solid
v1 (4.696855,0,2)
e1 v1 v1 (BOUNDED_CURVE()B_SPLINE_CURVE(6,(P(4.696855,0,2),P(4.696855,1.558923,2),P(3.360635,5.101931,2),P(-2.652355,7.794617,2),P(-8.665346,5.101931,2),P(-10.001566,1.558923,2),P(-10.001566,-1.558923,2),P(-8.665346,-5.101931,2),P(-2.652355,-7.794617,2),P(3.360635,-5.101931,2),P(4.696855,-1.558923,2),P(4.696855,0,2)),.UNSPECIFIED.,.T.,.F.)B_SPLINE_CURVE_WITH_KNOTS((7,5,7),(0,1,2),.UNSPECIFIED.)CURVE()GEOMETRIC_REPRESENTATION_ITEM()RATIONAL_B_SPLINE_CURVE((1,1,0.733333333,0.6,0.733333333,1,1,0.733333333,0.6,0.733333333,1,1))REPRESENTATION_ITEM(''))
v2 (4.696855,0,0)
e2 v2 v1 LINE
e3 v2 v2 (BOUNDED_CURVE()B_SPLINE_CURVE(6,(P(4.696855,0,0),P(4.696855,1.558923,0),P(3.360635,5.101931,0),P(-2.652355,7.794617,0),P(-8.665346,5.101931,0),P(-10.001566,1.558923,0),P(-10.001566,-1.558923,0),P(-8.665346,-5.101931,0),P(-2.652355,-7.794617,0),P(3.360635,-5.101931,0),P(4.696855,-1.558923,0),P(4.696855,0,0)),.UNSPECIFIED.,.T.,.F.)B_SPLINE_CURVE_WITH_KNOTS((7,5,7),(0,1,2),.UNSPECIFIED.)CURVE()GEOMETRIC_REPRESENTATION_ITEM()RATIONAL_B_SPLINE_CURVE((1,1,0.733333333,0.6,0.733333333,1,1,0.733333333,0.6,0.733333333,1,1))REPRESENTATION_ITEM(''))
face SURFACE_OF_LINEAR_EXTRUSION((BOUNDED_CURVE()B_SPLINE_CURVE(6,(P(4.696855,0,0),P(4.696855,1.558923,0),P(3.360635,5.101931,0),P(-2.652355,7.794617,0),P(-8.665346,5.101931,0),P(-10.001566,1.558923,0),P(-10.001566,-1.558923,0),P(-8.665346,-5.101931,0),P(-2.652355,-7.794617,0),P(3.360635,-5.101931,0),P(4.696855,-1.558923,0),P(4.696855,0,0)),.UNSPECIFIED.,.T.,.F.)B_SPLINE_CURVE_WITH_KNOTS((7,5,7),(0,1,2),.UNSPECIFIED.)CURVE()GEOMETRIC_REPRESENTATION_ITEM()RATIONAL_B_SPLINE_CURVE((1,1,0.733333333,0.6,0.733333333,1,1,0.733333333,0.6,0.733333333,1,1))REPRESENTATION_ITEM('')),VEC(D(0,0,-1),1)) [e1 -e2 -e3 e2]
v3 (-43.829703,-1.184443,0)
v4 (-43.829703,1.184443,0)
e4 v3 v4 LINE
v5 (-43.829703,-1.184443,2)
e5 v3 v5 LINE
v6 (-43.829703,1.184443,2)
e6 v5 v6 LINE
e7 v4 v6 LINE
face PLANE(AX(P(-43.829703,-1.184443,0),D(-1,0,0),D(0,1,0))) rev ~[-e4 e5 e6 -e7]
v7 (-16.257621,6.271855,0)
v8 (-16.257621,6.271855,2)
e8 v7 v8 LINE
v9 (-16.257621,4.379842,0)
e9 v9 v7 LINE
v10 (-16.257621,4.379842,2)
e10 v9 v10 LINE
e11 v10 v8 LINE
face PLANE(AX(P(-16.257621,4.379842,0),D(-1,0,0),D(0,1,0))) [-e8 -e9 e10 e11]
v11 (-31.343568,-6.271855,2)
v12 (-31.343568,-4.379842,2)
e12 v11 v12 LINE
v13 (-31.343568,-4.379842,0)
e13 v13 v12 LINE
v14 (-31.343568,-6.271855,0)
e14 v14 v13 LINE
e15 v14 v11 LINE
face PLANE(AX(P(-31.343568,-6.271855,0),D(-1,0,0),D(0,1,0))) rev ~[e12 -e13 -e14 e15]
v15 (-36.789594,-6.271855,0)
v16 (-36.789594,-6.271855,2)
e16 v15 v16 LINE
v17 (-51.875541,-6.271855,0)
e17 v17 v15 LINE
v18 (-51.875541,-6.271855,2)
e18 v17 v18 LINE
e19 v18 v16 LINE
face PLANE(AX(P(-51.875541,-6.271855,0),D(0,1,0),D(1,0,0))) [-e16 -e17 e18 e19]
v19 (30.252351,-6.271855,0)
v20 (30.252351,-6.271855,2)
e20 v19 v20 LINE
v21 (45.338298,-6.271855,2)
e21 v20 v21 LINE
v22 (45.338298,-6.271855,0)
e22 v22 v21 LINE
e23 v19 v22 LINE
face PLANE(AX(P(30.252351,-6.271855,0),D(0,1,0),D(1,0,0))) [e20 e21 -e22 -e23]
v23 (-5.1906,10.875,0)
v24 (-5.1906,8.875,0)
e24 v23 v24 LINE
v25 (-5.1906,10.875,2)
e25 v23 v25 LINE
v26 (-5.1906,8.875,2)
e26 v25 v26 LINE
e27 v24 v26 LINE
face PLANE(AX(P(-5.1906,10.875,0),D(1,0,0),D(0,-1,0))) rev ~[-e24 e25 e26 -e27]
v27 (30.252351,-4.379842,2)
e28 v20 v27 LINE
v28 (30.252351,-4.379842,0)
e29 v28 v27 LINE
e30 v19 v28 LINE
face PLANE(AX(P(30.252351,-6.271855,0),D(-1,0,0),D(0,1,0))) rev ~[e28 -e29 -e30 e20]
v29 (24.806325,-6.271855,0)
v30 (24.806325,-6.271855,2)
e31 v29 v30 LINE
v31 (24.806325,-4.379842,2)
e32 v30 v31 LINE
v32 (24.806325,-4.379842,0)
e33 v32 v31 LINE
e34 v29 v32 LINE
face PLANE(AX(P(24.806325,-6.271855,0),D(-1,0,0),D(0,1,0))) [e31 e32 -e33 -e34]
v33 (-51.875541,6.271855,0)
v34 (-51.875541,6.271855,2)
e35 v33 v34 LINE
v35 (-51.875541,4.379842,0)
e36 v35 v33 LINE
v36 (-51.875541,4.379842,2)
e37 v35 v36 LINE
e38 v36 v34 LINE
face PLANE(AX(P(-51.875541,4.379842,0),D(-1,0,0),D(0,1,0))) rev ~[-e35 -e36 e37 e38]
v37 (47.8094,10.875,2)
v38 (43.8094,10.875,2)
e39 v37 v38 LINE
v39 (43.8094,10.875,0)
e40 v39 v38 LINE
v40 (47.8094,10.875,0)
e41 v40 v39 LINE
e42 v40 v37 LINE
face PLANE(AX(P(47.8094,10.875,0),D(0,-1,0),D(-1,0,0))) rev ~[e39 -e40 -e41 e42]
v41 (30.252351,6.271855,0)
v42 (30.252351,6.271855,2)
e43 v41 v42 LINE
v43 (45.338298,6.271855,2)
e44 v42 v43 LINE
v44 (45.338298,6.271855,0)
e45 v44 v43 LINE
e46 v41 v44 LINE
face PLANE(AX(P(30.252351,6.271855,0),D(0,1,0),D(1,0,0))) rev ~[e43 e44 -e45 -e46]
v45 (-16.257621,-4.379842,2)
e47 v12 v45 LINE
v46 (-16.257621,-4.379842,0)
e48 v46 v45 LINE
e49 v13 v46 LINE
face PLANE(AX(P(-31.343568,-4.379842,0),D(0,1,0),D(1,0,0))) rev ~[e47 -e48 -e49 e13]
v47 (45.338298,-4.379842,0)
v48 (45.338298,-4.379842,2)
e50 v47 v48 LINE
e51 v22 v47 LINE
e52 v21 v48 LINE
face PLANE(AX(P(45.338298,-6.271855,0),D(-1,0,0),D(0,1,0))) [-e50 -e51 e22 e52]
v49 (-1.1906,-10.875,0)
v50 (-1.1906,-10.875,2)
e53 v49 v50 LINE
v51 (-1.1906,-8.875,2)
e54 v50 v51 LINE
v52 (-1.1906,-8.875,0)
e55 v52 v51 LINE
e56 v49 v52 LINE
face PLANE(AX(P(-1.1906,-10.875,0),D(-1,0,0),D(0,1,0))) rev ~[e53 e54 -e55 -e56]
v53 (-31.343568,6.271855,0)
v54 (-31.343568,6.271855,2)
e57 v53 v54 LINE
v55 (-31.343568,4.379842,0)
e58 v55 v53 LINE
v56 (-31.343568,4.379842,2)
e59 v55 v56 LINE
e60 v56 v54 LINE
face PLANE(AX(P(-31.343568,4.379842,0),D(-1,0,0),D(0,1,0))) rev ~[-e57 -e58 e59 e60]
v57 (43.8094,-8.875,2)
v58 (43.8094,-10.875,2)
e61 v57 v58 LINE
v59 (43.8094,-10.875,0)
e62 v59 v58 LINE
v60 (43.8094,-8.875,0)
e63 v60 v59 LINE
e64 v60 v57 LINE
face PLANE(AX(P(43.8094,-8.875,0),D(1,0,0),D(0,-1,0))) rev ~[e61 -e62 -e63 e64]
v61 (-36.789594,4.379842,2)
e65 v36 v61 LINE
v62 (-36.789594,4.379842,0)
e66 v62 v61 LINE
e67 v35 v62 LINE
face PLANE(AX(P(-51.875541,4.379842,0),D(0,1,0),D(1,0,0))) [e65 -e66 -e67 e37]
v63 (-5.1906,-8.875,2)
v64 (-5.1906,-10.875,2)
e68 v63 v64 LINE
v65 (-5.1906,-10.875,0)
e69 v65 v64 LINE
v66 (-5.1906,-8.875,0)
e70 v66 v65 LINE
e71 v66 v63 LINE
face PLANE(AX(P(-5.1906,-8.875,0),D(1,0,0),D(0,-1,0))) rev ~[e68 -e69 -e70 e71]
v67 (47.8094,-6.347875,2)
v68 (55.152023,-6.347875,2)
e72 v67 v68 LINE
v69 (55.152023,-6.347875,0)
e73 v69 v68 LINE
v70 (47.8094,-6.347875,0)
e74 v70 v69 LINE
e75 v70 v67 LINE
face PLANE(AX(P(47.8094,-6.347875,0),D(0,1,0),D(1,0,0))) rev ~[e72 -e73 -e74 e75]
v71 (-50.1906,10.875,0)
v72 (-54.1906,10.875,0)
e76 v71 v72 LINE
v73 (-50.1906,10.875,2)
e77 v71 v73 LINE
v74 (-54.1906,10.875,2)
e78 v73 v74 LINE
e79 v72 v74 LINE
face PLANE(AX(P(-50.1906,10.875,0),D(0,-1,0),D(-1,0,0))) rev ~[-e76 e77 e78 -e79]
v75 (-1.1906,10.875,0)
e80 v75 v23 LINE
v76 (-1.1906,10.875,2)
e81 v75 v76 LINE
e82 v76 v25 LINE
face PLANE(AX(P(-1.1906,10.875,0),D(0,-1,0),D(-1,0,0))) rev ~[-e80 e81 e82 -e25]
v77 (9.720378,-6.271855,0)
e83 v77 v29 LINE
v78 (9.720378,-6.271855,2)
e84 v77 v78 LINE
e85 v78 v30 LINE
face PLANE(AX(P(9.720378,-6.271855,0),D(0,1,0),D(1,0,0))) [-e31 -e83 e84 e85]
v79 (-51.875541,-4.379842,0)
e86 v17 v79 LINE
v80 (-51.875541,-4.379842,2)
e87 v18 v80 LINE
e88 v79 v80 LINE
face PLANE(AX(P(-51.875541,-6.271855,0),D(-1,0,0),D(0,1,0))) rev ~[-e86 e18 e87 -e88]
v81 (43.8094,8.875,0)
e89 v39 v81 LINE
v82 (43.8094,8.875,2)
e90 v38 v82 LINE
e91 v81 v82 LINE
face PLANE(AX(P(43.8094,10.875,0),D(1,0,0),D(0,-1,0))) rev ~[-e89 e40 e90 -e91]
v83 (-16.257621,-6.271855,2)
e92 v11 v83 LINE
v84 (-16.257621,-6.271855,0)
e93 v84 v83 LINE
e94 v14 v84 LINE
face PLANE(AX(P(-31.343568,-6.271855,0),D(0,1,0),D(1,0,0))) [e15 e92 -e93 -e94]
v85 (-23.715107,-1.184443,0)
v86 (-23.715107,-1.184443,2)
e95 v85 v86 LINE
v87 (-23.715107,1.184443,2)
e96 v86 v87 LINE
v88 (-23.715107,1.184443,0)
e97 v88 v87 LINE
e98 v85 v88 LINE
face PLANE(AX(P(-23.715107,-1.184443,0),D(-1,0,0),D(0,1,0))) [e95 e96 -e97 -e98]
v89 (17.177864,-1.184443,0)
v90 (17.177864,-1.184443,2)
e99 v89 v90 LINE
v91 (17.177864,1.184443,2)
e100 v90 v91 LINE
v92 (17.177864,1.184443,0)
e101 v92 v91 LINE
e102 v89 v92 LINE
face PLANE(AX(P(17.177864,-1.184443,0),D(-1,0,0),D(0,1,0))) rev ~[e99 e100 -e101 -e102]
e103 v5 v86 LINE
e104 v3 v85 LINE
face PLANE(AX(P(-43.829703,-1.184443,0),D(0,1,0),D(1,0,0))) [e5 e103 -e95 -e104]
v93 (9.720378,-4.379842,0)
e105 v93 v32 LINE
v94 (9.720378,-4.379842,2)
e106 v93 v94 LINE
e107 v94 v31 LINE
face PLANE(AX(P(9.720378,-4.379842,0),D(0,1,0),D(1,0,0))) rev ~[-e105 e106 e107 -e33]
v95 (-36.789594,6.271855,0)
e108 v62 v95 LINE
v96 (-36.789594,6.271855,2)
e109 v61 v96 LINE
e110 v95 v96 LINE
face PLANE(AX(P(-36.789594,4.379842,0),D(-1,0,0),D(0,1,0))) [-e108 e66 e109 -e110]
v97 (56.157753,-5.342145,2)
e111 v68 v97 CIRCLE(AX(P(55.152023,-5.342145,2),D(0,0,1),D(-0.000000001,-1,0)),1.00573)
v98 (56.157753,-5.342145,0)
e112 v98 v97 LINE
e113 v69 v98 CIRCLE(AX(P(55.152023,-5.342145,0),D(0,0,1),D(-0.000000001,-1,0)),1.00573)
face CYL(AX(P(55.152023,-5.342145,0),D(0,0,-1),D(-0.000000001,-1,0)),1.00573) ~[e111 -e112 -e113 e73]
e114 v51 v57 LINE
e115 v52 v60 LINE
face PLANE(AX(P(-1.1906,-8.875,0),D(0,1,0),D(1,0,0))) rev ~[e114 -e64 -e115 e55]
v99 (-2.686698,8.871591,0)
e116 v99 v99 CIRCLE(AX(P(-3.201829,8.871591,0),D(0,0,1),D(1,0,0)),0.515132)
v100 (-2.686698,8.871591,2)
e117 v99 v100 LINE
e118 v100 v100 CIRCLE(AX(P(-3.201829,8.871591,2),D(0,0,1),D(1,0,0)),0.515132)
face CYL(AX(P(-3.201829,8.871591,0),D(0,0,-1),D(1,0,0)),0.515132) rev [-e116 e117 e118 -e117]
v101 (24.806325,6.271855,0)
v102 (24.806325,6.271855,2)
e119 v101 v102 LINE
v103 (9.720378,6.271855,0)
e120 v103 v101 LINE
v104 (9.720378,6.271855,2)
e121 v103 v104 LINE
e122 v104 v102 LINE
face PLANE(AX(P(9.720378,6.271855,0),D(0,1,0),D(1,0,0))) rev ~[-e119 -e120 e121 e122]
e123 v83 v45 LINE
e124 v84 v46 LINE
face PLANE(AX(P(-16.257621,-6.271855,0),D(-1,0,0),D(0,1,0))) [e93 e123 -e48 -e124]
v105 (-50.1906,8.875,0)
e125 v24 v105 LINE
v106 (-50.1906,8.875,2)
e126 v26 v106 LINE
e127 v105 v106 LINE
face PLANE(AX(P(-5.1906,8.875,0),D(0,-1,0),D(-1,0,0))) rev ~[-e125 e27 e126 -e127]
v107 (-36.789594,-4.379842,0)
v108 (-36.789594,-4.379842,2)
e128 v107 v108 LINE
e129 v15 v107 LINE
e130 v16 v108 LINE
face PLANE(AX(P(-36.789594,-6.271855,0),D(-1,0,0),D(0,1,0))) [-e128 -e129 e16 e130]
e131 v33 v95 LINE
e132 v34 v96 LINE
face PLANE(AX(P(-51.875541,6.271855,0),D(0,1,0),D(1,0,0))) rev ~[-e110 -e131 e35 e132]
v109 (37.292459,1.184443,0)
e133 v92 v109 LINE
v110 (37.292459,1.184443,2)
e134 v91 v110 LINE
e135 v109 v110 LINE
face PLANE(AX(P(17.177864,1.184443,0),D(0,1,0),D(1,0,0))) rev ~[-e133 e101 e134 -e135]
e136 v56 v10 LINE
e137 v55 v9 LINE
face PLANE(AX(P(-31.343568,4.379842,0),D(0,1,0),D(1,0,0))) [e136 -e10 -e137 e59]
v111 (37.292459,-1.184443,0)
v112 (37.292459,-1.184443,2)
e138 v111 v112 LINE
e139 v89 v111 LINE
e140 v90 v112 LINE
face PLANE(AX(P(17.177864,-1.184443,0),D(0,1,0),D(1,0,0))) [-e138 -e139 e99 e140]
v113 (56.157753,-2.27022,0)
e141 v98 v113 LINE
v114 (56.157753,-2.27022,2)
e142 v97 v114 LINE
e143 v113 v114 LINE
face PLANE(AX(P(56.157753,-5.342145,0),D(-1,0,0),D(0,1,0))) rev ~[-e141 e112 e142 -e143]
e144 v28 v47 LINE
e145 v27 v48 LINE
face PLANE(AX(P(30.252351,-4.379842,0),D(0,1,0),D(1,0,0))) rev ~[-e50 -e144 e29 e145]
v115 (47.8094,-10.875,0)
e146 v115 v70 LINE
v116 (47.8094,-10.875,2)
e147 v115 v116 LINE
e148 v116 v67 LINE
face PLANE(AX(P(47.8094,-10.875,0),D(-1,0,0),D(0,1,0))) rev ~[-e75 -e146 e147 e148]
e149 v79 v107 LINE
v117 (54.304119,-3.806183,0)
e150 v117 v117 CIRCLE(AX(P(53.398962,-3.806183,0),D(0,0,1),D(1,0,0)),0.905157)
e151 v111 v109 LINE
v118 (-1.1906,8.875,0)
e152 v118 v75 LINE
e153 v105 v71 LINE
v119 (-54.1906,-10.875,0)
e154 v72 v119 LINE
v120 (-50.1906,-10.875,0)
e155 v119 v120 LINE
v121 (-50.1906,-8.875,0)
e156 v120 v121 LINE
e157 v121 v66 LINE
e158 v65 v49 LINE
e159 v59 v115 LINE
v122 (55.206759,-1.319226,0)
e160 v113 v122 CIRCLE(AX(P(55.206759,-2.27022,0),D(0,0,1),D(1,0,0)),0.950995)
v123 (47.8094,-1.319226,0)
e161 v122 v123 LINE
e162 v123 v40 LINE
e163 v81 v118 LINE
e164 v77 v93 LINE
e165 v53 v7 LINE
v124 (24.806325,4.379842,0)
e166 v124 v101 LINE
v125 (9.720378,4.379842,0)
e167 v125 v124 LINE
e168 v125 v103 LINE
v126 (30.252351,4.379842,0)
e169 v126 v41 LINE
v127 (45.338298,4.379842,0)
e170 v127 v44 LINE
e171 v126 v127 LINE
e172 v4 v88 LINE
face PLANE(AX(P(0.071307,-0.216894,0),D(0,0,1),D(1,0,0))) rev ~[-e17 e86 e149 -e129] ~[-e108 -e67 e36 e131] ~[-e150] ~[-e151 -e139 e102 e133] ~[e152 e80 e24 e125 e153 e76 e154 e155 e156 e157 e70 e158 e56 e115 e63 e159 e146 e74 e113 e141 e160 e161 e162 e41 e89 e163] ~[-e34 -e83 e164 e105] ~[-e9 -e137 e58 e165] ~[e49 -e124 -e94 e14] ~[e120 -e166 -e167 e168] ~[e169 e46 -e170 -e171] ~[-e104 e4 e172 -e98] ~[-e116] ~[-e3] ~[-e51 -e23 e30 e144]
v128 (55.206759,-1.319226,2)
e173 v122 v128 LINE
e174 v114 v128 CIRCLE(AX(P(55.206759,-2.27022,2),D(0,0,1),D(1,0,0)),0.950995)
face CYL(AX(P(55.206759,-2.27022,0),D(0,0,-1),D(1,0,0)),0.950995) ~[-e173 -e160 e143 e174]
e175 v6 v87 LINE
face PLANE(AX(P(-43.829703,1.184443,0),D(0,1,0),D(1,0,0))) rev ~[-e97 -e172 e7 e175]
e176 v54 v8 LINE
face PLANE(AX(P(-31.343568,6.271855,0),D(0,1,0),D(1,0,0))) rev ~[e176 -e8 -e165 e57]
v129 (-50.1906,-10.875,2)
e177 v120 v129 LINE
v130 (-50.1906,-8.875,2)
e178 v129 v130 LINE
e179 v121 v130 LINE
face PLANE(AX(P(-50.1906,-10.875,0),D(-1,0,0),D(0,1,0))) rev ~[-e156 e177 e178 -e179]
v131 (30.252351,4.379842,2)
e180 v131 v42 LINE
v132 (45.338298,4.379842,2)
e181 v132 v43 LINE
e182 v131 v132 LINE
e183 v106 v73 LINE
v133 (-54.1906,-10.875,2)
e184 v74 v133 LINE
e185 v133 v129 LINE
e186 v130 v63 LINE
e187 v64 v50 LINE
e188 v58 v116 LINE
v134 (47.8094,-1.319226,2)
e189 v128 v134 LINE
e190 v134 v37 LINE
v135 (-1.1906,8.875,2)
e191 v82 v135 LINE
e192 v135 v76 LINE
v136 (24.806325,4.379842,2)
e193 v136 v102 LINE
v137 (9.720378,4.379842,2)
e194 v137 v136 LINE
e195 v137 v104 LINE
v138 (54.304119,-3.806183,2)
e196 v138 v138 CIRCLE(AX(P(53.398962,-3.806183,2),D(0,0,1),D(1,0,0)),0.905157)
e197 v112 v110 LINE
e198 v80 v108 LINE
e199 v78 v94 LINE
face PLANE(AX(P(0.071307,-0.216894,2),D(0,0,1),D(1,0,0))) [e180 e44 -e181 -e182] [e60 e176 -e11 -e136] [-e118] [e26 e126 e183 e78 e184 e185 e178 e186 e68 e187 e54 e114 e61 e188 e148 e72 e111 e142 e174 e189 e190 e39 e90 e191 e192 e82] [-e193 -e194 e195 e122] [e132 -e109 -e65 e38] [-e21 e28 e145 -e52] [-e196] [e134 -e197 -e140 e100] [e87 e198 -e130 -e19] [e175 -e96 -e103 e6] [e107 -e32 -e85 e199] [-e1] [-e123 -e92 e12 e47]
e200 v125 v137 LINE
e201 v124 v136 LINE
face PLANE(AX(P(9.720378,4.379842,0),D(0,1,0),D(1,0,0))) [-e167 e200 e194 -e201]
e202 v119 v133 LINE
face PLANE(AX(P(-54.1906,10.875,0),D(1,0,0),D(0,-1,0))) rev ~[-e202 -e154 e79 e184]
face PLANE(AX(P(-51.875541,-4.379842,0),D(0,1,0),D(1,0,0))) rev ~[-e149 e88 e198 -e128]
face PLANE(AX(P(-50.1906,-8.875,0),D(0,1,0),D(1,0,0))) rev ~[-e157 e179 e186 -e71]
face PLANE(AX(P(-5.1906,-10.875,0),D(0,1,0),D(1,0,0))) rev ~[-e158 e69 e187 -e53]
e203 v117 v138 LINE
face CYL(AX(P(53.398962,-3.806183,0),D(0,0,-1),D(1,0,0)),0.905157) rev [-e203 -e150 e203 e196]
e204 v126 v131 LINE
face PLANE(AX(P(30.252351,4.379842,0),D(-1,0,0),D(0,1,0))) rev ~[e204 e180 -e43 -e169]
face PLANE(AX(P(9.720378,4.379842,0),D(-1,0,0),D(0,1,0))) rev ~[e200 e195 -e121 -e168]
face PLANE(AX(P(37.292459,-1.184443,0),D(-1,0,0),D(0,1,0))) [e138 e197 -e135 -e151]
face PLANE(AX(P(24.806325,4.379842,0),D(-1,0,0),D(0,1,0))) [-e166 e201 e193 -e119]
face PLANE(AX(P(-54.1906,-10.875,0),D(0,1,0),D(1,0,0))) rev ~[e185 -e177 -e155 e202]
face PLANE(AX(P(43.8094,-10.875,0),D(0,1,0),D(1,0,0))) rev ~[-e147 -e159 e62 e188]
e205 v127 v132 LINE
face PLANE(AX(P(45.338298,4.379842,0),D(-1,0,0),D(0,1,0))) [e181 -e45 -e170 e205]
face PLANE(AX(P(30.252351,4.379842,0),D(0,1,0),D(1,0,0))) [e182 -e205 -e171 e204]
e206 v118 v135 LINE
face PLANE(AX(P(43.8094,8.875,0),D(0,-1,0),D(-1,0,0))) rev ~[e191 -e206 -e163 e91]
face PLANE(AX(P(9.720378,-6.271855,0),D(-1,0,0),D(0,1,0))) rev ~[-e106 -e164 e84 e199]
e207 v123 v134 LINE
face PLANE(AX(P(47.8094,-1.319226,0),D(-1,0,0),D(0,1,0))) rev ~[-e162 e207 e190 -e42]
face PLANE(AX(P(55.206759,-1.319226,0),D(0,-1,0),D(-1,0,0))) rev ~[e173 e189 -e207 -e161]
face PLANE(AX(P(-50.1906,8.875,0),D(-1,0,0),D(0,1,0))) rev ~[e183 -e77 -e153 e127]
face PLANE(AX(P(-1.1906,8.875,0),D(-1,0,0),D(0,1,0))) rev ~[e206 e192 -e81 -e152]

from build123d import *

# Parameters (mm, degrees)
SKETCH_1_R      = 0.515131583
SKETCH_1_R_2    = 0.905156807
SKETCH_1_W      = 20.114595703
SKETCH_1_H      = 2.368886762
SKETCH_1_W_2    = 15.085946791
SKETCH_1_H_2    = 1.892012434
SKETCH_1_W_3    = 15.085946792
SKETCH_1_W_4    = 20.114595731
EXTRUDE_1_DEPTH = 2


with BuildPart() as part:
    # 草图1 → 凸台-拉伸1 (new body)
    with BuildSketch(Plane.XY):
        with BuildLine():
            Line((-50.190600039, 8.875), (-50.190600039, 10.875))
            Line((-50.190600039, 10.875), (-54.190600039, 10.875))
            Line((-54.190600039, 10.875), (-54.190600039, -10.875))
            Line((-54.190600039, -10.875), (-50.190600039, -10.875))
            Line((-50.190600039, -10.875), (-50.190600039, -8.875))
            Line((-50.190600039, -8.875), (-5.190600039, -8.875))
            Line((-5.190600039, -8.875), (-5.190600039, -10.875))
            Line((-5.190600039, -10.875), (-1.190600039, -10.875))
            Line((-1.190600039, -10.875), (-1.190600039, -8.875))
            Line((-1.190600039, -8.875), (43.809399961, -8.875))
            Line((43.809399961, -8.875), (43.809399961, -10.875))
            Line((43.809399961, -10.875), (47.809399961, -10.875))
            Line((47.809399961, -10.875), (47.809399961, -6.347874739))
            Line((47.809399961, -6.347874739), (55.152023354, -6.347874739))
            ThreePointArc((55.152023354, -6.347874739), (55.863181706, -6.053303305), (56.15775314, -5.342144953))
            Line((56.15775314, -5.342144953), (56.15775314, -2.27022032))
            ThreePointArc((56.15775314, -2.27022032), (55.879213296, -1.597765651), (55.206758627, -1.319225807))
            Line((55.206758627, -1.319225807), (47.809399961, -1.319225807))
            Line((47.809399961, -1.319225807), (47.809399961, 10.875))
            Line((47.809399961, 10.875), (43.809399961, 10.875))
            Line((43.809399961, 10.875), (43.809399961, 8.875))
            Line((43.809399961, 8.875), (-1.190600039, 8.875))
            Line((-1.190600039, 8.875), (-1.190600039, 10.875))
            Line((-1.190600039, 10.875), (-5.190600039, 10.875))
            Line((-5.190600039, 10.875), (-5.190600039, 8.875))
            Line((-5.190600039, 8.875), (-50.190600039, 8.875))
        make_face()
        with Locations((-3.201829172, 8.8715913)):
            Circle(SKETCH_1_R, mode=Mode.SUBTRACT)
        with Locations((53.398961702, -3.806182637)):
            Circle(SKETCH_1_R_2, mode=Mode.SUBTRACT)
        with Locations((27.235161442, 0)):
            Rectangle(SKETCH_1_W, SKETCH_1_H, mode=Mode.SUBTRACT)
        with Locations((37.795324202, -5.325848376)):
            Rectangle(SKETCH_1_W_2, SKETCH_1_H_2, mode=Mode.SUBTRACT)
        with Locations((17.263351195, -5.325848376)):
            Rectangle(SKETCH_1_W_3, SKETCH_1_H_2, mode=Mode.SUBTRACT)
        with Locations((-23.800594817, -5.325848376)):
            Rectangle(SKETCH_1_W_2, SKETCH_1_H_2, mode=Mode.SUBTRACT)
        with Locations((-44.332567795, -5.325848376)):
            Rectangle(SKETCH_1_W_3, SKETCH_1_H_2, mode=Mode.SUBTRACT)
        with Locations((-33.77240505, 0)):
            Rectangle(SKETCH_1_W_4, SKETCH_1_H, mode=Mode.SUBTRACT)
        with Locations((37.795324202, 5.325848376)):
            Rectangle(SKETCH_1_W_2, SKETCH_1_H_2, mode=Mode.SUBTRACT)
        with Locations((17.263351195, 5.325848376)):
            Rectangle(SKETCH_1_W_3, SKETCH_1_H_2, mode=Mode.SUBTRACT)
        with Locations((-23.800594817, 5.325848376)):
            Rectangle(SKETCH_1_W_2, SKETCH_1_H_2, mode=Mode.SUBTRACT)
        with Locations((-44.332567795, 5.325848376)):
            Rectangle(SKETCH_1_W_3, SKETCH_1_H_2, mode=Mode.SUBTRACT)
        with BuildLine():
            add(Edge.make_bspline(
                [(-10.001566069, 0), (-10.001566069, -9.353540745), (4.696855103, -9.353540745), (4.696855103, 0)],
                knots=[0, 0, 0, 0, 1, 1, 1, 1], degree=3, weights=[1, 0.333333333, 0.333333333, 1]))
            add(Edge.make_bspline(
                [(4.696855103, 0), (4.696855103, 9.353540745), (-10.001566069, 9.353540745), (-10.001566069, 0)],
                knots=[0, 0, 0, 0, 1, 1, 1, 1], degree=3, weights=[1, 0.333333333, 0.333333333, 1]))
        make_face(mode=Mode.SUBTRACT)
    extrude(amount=EXTRUDE_1_DEPTH)


solid = part.part
